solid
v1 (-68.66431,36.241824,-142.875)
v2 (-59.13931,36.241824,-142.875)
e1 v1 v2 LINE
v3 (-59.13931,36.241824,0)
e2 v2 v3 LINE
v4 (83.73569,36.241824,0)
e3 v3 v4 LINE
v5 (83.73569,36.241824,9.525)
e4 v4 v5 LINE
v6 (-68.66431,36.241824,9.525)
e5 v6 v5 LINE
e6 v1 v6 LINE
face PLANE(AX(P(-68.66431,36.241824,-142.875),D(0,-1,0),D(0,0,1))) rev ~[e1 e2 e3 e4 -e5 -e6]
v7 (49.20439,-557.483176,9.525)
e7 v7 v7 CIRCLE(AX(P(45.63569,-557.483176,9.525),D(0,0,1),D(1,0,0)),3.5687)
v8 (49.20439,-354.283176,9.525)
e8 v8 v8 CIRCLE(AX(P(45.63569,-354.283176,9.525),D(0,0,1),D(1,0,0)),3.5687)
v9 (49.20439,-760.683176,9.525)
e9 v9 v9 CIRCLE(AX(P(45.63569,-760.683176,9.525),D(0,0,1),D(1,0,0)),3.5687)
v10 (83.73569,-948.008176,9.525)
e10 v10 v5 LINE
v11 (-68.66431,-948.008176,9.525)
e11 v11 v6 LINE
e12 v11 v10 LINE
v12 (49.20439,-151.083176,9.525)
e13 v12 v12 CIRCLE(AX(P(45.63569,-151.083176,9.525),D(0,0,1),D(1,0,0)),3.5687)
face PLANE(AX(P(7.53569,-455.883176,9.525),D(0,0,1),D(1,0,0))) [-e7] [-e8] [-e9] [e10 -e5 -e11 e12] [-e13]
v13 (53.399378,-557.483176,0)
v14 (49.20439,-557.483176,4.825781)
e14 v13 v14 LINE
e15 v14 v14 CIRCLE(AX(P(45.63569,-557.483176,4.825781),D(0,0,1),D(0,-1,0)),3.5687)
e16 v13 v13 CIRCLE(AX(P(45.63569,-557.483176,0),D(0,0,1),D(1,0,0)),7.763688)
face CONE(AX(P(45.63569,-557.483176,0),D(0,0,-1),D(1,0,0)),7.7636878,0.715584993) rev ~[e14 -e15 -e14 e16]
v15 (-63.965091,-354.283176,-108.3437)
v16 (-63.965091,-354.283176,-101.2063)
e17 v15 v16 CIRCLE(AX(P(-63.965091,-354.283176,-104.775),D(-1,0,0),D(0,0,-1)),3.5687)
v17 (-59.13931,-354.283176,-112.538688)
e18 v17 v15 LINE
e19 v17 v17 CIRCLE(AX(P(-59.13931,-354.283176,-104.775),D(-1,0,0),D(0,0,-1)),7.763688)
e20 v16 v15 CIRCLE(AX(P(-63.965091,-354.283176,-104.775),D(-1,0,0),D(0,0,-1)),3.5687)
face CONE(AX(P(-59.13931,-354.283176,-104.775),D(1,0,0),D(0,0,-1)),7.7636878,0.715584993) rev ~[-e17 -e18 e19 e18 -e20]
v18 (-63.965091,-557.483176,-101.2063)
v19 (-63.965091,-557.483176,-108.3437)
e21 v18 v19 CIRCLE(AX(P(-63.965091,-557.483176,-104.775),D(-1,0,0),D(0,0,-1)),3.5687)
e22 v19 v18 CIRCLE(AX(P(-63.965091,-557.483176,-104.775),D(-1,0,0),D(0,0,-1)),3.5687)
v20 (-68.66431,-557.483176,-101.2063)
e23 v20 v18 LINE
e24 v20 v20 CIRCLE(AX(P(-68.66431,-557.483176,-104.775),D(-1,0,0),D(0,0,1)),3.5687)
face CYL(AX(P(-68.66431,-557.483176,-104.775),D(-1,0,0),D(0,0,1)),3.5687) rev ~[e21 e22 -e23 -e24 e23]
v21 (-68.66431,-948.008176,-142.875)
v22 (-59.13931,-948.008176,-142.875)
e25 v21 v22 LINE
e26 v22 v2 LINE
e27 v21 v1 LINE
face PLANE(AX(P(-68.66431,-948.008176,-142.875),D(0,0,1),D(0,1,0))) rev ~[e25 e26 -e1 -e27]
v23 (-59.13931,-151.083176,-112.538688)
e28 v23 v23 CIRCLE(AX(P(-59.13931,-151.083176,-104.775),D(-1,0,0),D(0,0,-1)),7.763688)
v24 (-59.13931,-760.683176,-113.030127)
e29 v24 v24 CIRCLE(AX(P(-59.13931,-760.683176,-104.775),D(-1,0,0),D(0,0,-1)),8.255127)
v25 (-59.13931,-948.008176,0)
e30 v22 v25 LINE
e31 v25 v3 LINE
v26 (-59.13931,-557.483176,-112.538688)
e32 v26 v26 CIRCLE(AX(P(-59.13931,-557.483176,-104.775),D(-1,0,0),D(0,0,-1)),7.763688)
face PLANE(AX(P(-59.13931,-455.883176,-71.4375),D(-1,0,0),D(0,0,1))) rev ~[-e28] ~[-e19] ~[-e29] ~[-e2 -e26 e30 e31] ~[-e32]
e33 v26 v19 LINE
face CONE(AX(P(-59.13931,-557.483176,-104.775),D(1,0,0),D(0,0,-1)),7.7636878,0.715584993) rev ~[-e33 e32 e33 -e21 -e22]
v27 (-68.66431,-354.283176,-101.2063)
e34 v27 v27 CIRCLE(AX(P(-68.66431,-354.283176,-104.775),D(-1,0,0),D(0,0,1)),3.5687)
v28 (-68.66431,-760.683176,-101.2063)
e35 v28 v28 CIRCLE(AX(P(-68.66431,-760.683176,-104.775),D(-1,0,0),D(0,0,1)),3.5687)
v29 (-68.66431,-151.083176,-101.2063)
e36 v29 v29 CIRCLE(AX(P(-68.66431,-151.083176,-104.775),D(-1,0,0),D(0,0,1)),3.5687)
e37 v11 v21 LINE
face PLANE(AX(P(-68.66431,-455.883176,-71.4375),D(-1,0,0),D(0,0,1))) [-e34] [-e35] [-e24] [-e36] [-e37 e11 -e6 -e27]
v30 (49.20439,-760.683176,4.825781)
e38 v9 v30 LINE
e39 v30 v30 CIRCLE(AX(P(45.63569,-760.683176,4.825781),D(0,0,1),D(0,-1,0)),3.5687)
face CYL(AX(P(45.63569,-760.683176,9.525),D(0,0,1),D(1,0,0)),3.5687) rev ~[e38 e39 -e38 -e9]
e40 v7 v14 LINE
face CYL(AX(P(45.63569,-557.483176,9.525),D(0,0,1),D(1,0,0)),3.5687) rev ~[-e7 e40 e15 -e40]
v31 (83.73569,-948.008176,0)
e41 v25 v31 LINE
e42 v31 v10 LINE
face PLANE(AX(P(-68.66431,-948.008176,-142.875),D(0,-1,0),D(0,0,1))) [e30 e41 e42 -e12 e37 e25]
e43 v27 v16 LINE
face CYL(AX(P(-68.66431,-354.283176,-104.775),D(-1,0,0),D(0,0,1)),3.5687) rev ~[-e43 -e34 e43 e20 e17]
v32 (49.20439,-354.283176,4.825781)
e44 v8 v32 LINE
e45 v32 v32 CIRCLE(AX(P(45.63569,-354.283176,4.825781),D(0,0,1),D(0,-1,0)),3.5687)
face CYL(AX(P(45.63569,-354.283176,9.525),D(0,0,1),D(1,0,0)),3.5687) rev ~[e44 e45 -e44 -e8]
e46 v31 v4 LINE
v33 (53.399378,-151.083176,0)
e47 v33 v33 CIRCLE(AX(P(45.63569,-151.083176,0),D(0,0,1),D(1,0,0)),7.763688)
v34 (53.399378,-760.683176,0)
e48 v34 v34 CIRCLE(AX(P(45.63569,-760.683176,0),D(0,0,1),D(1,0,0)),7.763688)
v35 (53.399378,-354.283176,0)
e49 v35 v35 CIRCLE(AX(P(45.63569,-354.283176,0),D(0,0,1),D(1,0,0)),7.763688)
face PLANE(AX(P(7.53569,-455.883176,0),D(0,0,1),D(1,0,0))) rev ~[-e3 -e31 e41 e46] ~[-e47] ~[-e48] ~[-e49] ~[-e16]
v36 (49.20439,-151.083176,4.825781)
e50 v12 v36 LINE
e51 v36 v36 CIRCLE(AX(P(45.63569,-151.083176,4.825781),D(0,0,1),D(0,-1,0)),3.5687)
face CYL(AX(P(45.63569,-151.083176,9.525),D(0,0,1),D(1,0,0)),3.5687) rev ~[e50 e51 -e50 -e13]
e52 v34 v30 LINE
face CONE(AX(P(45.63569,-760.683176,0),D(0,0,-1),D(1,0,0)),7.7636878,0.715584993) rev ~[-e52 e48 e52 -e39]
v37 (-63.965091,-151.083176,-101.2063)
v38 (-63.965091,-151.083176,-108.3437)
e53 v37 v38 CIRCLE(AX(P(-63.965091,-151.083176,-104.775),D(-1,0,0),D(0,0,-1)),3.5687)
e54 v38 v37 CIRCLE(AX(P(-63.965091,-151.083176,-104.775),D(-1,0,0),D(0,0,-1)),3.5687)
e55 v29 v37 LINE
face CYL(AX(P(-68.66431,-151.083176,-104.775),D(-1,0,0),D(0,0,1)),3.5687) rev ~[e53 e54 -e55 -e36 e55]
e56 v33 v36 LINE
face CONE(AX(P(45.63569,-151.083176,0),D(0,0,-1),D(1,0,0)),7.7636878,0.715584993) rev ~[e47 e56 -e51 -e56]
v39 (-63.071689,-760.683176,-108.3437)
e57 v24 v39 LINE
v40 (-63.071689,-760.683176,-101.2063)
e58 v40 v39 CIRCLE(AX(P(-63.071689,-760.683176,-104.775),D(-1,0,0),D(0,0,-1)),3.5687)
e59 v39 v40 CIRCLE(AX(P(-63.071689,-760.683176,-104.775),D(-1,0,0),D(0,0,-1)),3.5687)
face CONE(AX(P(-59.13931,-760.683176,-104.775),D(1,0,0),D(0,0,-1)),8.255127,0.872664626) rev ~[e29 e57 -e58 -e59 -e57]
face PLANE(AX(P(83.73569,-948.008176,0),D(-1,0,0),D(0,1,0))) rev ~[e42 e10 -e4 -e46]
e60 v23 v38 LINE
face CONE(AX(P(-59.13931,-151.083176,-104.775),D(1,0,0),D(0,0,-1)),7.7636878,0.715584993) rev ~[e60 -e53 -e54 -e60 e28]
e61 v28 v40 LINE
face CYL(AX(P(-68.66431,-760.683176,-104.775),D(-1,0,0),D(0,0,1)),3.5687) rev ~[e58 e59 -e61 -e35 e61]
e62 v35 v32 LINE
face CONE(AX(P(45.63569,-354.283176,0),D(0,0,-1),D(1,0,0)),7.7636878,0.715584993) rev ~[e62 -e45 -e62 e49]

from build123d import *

# Parameters (mm, degrees)
SKETCH2_W                                           = 152.4
SKETCH2_H                                           = 984.25
BOSS_EXTRUDE1_DEPTH                                 = 9.525
SKETCH4_W                                           = 142.875
SKETCH4_H                                           = 984.25
BOSS_EXTRUDE2_DEPTH                                 = 9.525
SKETCH5_R                                           = 3.5687
CUT_EXTRUDE1_DEPTH                                  = 9.525
SKETCH6_R                                           = 3.5687
CUT_EXTRUDE2_DEPTH                                  = 9.525
CSK_FOR_1_4_FLAT_HEAD_MACHINE_SCREW1_D              = 6.7564
CSK_FOR_1_4_FLAT_HEAD_MACHINE_SCREW1_CSINK_D        = 15.5273756
CSK_FOR_1_4_FLAT_HEAD_MACHINE_SCREW1_CSINK_ANGLE    = 82
CSK_FOR_1_4_FLAT_HEAD_MACHINE_SCREW2_D              = 6.7564
CSK_FOR_1_4_FLAT_HEAD_MACHINE_SCREW2_CSINK_D        = 15.5273756
CSK_FOR_1_4_FLAT_HEAD_MACHINE_SCREW2_CSINK_ANGLE    = 82
CSK_FOR_1_4_FLAT_HEAD_MACHINE_SCREW_100_D           = 6.7564
CSK_FOR_1_4_FLAT_HEAD_MACHINE_SCREW_100_CSINK_D     = 16.510254
CSK_FOR_1_4_FLAT_HEAD_MACHINE_SCREW_100_CSINK_ANGLE = 100
CSK_FOR_1_4_FLAT_HEAD_MACHINE_SCREW5_D              = 6.7564
CSK_FOR_1_4_FLAT_HEAD_MACHINE_SCREW5_CSINK_D        = 15.5273756
CSK_FOR_1_4_FLAT_HEAD_MACHINE_SCREW5_CSINK_ANGLE    = 82
CSK_FOR_1_4_FLAT_HEAD_MACHINE_SCREW6_D              = 6.7564
CSK_FOR_1_4_FLAT_HEAD_MACHINE_SCREW6_CSINK_D        = 15.5273756
CSK_FOR_1_4_FLAT_HEAD_MACHINE_SCREW6_CSINK_ANGLE    = 82
CSK_FOR_1_4_FLAT_HEAD_MACHINE_SCREW7_D              = 6.7564
CSK_FOR_1_4_FLAT_HEAD_MACHINE_SCREW7_CSINK_D        = 15.5273756
CSK_FOR_1_4_FLAT_HEAD_MACHINE_SCREW7_CSINK_ANGLE    = 82
CSK_FOR_1_4_FLAT_HEAD_MACHINE_SCREW8_D              = 6.7564
CSK_FOR_1_4_FLAT_HEAD_MACHINE_SCREW8_CSINK_D        = 15.5273756
CSK_FOR_1_4_FLAT_HEAD_MACHINE_SCREW8_CSINK_ANGLE    = 82
CSK_FOR_1_4_FLAT_HEAD_MACHINE_SCREW4_D              = 6.7564
CSK_FOR_1_4_FLAT_HEAD_MACHINE_SCREW4_CSINK_D        = 15.5273756
CSK_FOR_1_4_FLAT_HEAD_MACHINE_SCREW4_CSINK_ANGLE    = 82


with BuildPart() as part:
    # Sketch2 → Boss-Extrude1 (new body)
    with BuildSketch(Plane.XY):
        with Locations((7.535690004, -455.883176253)):
            Rectangle(SKETCH2_W, SKETCH2_H)
    extrude(amount=BOSS_EXTRUDE1_DEPTH)

    # Sketch4 → Boss-Extrude2 (add)
    with BuildSketch(Plane.ZY.offset(68.664309996)):
        with Locations((-71.4375, -455.883176253)):
            Rectangle(SKETCH4_W, SKETCH4_H)
    extrude(amount=-BOSS_EXTRUDE2_DEPTH)

    # Sketch5 → Cut-Extrude1 (cut)
    with BuildSketch(Plane.ZY.offset(68.664309996)):
        with Locations((-104.775, -151.083176253)):
            Circle(SKETCH5_R)
        with Locations((-104.775, -354.283176253)):
            Circle(SKETCH5_R)
        with Locations((-104.775, -557.483176253)):
            Circle(SKETCH5_R)
        with Locations((-104.775, -760.683176253)):
            Circle(SKETCH5_R)
    extrude(amount=-CUT_EXTRUDE1_DEPTH, mode=Mode.SUBTRACT)

    # Sketch6 → Cut-Extrude2 (cut)
    with BuildSketch(Plane.XY.offset(9.525)):
        with Locations((45.635690004, -151.083176253)):
            Circle(SKETCH6_R)
        with Locations((45.635690004, -354.283176253)):
            Circle(SKETCH6_R)
        with Locations((45.635690004, -557.483176253)):
            Circle(SKETCH6_R)
        with Locations((45.635690004, -760.683176253)):
            Circle(SKETCH6_R)
    extrude(amount=-CUT_EXTRUDE2_DEPTH, mode=Mode.SUBTRACT)

    # CSK for 1/4 Flat Head Machine Screw1 (through all)
    with Locations(Plane(origin=(-59.139309996, -151.083176253, -104.775), x_dir=(0, 0, 1), z_dir=(1, 0, 0))):
        with Locations((0, 0)):
            CounterSinkHole(CSK_FOR_1_4_FLAT_HEAD_MACHINE_SCREW1_D / 2, CSK_FOR_1_4_FLAT_HEAD_MACHINE_SCREW1_CSINK_D / 2, counter_sink_angle=CSK_FOR_1_4_FLAT_HEAD_MACHINE_SCREW1_CSINK_ANGLE)

    # CSK for 1/4 Flat Head Machine Screw2 (through all)
    with Locations(Plane(origin=(-59.139309996, -354.283176253, -104.775), x_dir=(0, 0, 1), z_dir=(1, 0, 0))):
        with Locations((0, 0)):
            CounterSinkHole(CSK_FOR_1_4_FLAT_HEAD_MACHINE_SCREW2_D / 2, CSK_FOR_1_4_FLAT_HEAD_MACHINE_SCREW2_CSINK_D / 2, counter_sink_angle=CSK_FOR_1_4_FLAT_HEAD_MACHINE_SCREW2_CSINK_ANGLE)

    # CSK for 1/4 Flat Head Machine Screw (100)4 (through all)
    with Locations(Plane(origin=(-59.139309996, -760.683176253, -104.775), x_dir=(0, 0, 1), z_dir=(1, 0, 0))):
        with Locations((0, 0)):
            CounterSinkHole(CSK_FOR_1_4_FLAT_HEAD_MACHINE_SCREW_100_D / 2, CSK_FOR_1_4_FLAT_HEAD_MACHINE_SCREW_100_CSINK_D / 2, counter_sink_angle=CSK_FOR_1_4_FLAT_HEAD_MACHINE_SCREW_100_CSINK_ANGLE)

    # CSK for 1/4 Flat Head Machine Screw5 (through all)
    with Locations(Plane(origin=(45.635690004, -151.083176253, 0), x_dir=(-1, 0, 0), z_dir=(0, 0, -1))):
        with Locations((0, 0)):
            CounterSinkHole(CSK_FOR_1_4_FLAT_HEAD_MACHINE_SCREW5_D / 2, CSK_FOR_1_4_FLAT_HEAD_MACHINE_SCREW5_CSINK_D / 2, counter_sink_angle=CSK_FOR_1_4_FLAT_HEAD_MACHINE_SCREW5_CSINK_ANGLE)

    # CSK for 1/4 Flat Head Machine Screw6 (through all)
    with Locations(Plane(origin=(45.635690004, -354.283176253, 0), x_dir=(-1, 0, 0), z_dir=(0, 0, -1))):
        with Locations((0, 0)):
            CounterSinkHole(CSK_FOR_1_4_FLAT_HEAD_MACHINE_SCREW6_D / 2, CSK_FOR_1_4_FLAT_HEAD_MACHINE_SCREW6_CSINK_D / 2, counter_sink_angle=CSK_FOR_1_4_FLAT_HEAD_MACHINE_SCREW6_CSINK_ANGLE)

    # CSK for 1/4 Flat Head Machine Screw7 (through all)
    with Locations(Plane(origin=(45.635690004, -557.483176253, 0), x_dir=(-1, 0, 0), z_dir=(0, 0, -1))):
        with Locations((0, 0)):
            CounterSinkHole(CSK_FOR_1_4_FLAT_HEAD_MACHINE_SCREW7_D / 2, CSK_FOR_1_4_FLAT_HEAD_MACHINE_SCREW7_CSINK_D / 2, counter_sink_angle=CSK_FOR_1_4_FLAT_HEAD_MACHINE_SCREW7_CSINK_ANGLE)

    # CSK for 1/4 Flat Head Machine Screw8 (through all)
    with Locations(Plane(origin=(45.635690004, -760.683176253, 0), x_dir=(-1, 0, 0), z_dir=(0, 0, -1))):
        with Locations((0, 0)):
            CounterSinkHole(CSK_FOR_1_4_FLAT_HEAD_MACHINE_SCREW8_D / 2, CSK_FOR_1_4_FLAT_HEAD_MACHINE_SCREW8_CSINK_D / 2, counter_sink_angle=CSK_FOR_1_4_FLAT_HEAD_MACHINE_SCREW8_CSINK_ANGLE)

    # CSK for 1/4 Flat Head Machine Screw4 (through all)
    with Locations(Plane(origin=(-59.139309996, -557.483176253, -104.775), x_dir=(0, 0, 1), z_dir=(1, 0, 0))):
        with Locations((0, 0)):
            CounterSinkHole(CSK_FOR_1_4_FLAT_HEAD_MACHINE_SCREW4_D / 2, CSK_FOR_1_4_FLAT_HEAD_MACHINE_SCREW4_CSINK_D / 2, counter_sink_angle=CSK_FOR_1_4_FLAT_HEAD_MACHINE_SCREW4_CSINK_ANGLE)


solid = part.part
